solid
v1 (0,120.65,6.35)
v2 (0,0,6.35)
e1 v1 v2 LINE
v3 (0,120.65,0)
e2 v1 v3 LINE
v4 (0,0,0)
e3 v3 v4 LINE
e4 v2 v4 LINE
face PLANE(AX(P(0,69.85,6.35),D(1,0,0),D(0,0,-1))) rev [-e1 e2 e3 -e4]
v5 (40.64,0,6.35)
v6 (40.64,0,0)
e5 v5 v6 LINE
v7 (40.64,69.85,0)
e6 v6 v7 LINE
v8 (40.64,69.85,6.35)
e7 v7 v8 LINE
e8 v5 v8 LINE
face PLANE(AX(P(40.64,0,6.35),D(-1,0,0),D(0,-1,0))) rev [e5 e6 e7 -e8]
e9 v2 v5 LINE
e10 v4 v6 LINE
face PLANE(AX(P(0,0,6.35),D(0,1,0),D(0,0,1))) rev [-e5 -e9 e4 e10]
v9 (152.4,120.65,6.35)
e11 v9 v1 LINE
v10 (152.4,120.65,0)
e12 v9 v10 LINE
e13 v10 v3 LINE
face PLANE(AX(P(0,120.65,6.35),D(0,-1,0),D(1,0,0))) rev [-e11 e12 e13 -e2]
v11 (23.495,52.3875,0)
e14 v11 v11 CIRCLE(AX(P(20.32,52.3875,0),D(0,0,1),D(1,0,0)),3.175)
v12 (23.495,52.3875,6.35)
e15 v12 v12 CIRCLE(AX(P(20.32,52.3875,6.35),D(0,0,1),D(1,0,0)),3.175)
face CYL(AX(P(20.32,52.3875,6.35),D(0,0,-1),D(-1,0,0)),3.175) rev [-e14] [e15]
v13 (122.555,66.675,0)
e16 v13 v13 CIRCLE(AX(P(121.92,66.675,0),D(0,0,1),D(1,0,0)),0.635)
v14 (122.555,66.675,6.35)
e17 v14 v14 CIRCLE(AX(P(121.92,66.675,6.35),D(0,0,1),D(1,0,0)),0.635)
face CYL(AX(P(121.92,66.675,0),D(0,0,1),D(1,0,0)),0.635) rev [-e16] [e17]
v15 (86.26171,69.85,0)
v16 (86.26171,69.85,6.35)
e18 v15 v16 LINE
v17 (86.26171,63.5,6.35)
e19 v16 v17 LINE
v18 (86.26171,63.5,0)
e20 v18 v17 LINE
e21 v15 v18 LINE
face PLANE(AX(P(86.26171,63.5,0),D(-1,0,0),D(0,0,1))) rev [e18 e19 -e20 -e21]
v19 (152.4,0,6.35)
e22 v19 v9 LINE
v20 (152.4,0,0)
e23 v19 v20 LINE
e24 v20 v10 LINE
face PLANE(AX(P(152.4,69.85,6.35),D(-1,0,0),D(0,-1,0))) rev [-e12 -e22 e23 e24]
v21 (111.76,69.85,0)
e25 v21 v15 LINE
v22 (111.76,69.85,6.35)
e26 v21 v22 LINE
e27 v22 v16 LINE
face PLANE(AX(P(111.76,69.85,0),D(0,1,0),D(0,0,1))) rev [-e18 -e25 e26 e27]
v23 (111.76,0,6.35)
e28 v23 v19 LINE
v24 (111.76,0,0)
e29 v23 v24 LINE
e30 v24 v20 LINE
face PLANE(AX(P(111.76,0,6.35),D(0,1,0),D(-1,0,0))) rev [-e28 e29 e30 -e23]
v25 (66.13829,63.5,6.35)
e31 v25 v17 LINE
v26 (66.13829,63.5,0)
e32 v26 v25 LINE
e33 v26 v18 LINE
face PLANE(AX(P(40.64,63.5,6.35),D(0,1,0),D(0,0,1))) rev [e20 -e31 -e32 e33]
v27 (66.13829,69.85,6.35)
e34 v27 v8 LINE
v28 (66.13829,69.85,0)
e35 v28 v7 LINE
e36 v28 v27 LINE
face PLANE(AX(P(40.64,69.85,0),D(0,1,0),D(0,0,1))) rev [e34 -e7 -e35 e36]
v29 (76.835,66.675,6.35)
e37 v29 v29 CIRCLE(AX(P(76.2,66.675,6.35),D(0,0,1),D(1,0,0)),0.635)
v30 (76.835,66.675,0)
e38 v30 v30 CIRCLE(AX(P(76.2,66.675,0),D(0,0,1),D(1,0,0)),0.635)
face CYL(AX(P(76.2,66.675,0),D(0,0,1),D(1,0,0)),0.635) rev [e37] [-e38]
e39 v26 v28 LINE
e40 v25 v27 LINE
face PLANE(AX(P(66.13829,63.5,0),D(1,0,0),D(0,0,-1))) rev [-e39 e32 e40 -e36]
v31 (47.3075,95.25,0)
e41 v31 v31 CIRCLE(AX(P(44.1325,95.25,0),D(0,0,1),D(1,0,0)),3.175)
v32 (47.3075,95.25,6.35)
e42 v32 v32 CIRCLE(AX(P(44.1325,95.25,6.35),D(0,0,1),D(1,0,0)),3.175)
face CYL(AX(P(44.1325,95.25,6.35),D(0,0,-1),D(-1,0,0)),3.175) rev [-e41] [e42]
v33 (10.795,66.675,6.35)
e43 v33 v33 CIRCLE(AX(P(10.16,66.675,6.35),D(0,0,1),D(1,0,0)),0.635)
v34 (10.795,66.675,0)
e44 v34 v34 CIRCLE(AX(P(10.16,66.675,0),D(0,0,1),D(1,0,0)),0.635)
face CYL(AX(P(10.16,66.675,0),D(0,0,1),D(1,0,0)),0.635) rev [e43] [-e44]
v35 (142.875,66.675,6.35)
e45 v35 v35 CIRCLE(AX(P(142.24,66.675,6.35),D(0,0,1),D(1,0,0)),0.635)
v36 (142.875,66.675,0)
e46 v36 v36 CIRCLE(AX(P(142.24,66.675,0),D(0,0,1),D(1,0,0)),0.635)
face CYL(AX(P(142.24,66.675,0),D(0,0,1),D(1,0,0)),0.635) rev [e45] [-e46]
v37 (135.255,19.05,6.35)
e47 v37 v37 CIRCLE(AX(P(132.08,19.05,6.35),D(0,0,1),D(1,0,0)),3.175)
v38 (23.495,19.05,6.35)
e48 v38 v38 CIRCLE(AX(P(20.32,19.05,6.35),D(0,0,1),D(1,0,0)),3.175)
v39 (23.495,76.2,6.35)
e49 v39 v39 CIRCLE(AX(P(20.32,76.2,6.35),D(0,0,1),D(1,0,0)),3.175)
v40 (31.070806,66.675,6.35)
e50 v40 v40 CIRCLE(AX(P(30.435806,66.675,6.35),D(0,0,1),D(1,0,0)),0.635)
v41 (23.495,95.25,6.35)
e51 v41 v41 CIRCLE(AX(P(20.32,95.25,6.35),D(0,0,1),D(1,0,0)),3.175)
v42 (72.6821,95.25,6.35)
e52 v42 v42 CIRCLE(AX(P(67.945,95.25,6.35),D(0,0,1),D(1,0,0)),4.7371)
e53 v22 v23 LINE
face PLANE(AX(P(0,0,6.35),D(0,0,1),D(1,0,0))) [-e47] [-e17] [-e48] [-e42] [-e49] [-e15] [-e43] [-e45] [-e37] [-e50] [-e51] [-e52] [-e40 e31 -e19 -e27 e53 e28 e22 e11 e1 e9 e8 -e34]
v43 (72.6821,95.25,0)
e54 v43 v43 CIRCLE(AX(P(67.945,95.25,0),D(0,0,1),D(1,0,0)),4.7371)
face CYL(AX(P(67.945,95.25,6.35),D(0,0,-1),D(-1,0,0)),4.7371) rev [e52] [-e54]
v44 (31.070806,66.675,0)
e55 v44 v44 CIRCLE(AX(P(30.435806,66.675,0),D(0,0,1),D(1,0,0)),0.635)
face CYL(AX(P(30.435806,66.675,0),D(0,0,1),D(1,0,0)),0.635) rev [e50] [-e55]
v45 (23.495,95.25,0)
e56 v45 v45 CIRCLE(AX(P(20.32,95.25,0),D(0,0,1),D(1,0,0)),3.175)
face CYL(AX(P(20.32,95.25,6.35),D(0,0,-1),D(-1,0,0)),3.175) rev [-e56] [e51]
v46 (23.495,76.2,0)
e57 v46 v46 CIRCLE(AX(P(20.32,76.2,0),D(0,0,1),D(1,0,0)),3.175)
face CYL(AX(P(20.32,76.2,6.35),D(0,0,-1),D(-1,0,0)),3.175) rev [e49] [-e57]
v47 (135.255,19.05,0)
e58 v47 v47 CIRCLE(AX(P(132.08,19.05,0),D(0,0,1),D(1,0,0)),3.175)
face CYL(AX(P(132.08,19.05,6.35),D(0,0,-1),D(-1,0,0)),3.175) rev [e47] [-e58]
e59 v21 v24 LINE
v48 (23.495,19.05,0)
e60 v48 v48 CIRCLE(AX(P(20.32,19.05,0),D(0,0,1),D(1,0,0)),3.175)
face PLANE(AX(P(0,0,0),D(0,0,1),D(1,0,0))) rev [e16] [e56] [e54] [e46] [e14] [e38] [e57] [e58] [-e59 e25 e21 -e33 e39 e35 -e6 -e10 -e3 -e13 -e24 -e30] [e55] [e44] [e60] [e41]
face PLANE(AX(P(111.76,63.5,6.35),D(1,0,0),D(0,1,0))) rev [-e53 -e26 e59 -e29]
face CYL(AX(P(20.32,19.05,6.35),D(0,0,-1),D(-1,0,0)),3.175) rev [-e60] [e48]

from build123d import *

# Parameters (mm, degrees)
SKETCH1_R           = 3.175
SKETCH1_R_2         = 4.7371
BOSS_EXTRUDE1_DEPTH = 6.35
SKETCH2_W           = 25.498289586
SKETCH2_H           = 6.35
CUT_EXTRUDE1_DEPTH  = 6.35
SKETCH4_R           = 0.635
CUT_EXTRUDE3_DEPTH  = 6.35
SKETCH6_R           = 0.635
CUT_EXTRUDE4_DEPTH  = 6.35


with BuildPart() as part:
    # Sketch1 → Boss-Extrude1 (new body)
    with BuildSketch(Plane.XY):
        Polygon((0, 0), (40.64, 0), (40.64, 63.5), (111.76, 63.5), (111.76, 0), (152.4, 0), (152.4, 69.85), (152.4, 120.65), (111.76, 120.65), (40.64, 120.65), (0, 120.65), (0, 69.85), align=None)
        with Locations((20.32, 95.25)):
            Circle(SKETCH1_R, mode=Mode.SUBTRACT)
        with Locations((67.945, 95.25)):
            Circle(SKETCH1_R_2, mode=Mode.SUBTRACT)
        with Locations((132.08, 19.05)):
            Circle(SKETCH1_R, mode=Mode.SUBTRACT)
        with Locations((20.32, 76.2)):
            Circle(SKETCH1_R, mode=Mode.SUBTRACT)
        with Locations((20.32, 52.3875)):
            Circle(SKETCH1_R, mode=Mode.SUBTRACT)
        with Locations((20.32, 19.05)):
            Circle(SKETCH1_R, mode=Mode.SUBTRACT)
        with Locations((44.1325, 95.25)):
            Circle(SKETCH1_R, mode=Mode.SUBTRACT)
    extrude(amount=BOSS_EXTRUDE1_DEPTH)

    # Sketch2 → Cut-Extrude1 (cut)
    with BuildSketch(Plane.XY.offset(6.35)):
        with Locations((53.389144793, 66.675)):
            Rectangle(SKETCH2_W, SKETCH2_H)
        with Locations((99.010855207, 66.675)):
            Rectangle(SKETCH2_W, SKETCH2_H)
    extrude(amount=-CUT_EXTRUDE1_DEPTH, mode=Mode.SUBTRACT)

    # Sketch4 → Cut-Extrude3 (cut)
    with BuildSketch(Plane.XY.offset(6.35)):
        with Locations((76.2, 66.675)):
            Circle(SKETCH4_R)
    extrude(amount=-CUT_EXTRUDE3_DEPTH, mode=Mode.SUBTRACT)

    # Sketch6 → Cut-Extrude4 (cut)
    with BuildSketch(Plane.XY.offset(6.35)):
        with Locations((10.16, 66.675)):
            Circle(SKETCH6_R)
        with Locations((30.435806054, 66.675)):
            Circle(SKETCH6_R)
        with Locations((121.92, 66.675)):
            Circle(SKETCH6_R)
        with Locations((142.24, 66.675)):
            Circle(SKETCH6_R)
    extrude(amount=-CUT_EXTRUDE4_DEPTH, mode=Mode.SUBTRACT)


solid = part.part
